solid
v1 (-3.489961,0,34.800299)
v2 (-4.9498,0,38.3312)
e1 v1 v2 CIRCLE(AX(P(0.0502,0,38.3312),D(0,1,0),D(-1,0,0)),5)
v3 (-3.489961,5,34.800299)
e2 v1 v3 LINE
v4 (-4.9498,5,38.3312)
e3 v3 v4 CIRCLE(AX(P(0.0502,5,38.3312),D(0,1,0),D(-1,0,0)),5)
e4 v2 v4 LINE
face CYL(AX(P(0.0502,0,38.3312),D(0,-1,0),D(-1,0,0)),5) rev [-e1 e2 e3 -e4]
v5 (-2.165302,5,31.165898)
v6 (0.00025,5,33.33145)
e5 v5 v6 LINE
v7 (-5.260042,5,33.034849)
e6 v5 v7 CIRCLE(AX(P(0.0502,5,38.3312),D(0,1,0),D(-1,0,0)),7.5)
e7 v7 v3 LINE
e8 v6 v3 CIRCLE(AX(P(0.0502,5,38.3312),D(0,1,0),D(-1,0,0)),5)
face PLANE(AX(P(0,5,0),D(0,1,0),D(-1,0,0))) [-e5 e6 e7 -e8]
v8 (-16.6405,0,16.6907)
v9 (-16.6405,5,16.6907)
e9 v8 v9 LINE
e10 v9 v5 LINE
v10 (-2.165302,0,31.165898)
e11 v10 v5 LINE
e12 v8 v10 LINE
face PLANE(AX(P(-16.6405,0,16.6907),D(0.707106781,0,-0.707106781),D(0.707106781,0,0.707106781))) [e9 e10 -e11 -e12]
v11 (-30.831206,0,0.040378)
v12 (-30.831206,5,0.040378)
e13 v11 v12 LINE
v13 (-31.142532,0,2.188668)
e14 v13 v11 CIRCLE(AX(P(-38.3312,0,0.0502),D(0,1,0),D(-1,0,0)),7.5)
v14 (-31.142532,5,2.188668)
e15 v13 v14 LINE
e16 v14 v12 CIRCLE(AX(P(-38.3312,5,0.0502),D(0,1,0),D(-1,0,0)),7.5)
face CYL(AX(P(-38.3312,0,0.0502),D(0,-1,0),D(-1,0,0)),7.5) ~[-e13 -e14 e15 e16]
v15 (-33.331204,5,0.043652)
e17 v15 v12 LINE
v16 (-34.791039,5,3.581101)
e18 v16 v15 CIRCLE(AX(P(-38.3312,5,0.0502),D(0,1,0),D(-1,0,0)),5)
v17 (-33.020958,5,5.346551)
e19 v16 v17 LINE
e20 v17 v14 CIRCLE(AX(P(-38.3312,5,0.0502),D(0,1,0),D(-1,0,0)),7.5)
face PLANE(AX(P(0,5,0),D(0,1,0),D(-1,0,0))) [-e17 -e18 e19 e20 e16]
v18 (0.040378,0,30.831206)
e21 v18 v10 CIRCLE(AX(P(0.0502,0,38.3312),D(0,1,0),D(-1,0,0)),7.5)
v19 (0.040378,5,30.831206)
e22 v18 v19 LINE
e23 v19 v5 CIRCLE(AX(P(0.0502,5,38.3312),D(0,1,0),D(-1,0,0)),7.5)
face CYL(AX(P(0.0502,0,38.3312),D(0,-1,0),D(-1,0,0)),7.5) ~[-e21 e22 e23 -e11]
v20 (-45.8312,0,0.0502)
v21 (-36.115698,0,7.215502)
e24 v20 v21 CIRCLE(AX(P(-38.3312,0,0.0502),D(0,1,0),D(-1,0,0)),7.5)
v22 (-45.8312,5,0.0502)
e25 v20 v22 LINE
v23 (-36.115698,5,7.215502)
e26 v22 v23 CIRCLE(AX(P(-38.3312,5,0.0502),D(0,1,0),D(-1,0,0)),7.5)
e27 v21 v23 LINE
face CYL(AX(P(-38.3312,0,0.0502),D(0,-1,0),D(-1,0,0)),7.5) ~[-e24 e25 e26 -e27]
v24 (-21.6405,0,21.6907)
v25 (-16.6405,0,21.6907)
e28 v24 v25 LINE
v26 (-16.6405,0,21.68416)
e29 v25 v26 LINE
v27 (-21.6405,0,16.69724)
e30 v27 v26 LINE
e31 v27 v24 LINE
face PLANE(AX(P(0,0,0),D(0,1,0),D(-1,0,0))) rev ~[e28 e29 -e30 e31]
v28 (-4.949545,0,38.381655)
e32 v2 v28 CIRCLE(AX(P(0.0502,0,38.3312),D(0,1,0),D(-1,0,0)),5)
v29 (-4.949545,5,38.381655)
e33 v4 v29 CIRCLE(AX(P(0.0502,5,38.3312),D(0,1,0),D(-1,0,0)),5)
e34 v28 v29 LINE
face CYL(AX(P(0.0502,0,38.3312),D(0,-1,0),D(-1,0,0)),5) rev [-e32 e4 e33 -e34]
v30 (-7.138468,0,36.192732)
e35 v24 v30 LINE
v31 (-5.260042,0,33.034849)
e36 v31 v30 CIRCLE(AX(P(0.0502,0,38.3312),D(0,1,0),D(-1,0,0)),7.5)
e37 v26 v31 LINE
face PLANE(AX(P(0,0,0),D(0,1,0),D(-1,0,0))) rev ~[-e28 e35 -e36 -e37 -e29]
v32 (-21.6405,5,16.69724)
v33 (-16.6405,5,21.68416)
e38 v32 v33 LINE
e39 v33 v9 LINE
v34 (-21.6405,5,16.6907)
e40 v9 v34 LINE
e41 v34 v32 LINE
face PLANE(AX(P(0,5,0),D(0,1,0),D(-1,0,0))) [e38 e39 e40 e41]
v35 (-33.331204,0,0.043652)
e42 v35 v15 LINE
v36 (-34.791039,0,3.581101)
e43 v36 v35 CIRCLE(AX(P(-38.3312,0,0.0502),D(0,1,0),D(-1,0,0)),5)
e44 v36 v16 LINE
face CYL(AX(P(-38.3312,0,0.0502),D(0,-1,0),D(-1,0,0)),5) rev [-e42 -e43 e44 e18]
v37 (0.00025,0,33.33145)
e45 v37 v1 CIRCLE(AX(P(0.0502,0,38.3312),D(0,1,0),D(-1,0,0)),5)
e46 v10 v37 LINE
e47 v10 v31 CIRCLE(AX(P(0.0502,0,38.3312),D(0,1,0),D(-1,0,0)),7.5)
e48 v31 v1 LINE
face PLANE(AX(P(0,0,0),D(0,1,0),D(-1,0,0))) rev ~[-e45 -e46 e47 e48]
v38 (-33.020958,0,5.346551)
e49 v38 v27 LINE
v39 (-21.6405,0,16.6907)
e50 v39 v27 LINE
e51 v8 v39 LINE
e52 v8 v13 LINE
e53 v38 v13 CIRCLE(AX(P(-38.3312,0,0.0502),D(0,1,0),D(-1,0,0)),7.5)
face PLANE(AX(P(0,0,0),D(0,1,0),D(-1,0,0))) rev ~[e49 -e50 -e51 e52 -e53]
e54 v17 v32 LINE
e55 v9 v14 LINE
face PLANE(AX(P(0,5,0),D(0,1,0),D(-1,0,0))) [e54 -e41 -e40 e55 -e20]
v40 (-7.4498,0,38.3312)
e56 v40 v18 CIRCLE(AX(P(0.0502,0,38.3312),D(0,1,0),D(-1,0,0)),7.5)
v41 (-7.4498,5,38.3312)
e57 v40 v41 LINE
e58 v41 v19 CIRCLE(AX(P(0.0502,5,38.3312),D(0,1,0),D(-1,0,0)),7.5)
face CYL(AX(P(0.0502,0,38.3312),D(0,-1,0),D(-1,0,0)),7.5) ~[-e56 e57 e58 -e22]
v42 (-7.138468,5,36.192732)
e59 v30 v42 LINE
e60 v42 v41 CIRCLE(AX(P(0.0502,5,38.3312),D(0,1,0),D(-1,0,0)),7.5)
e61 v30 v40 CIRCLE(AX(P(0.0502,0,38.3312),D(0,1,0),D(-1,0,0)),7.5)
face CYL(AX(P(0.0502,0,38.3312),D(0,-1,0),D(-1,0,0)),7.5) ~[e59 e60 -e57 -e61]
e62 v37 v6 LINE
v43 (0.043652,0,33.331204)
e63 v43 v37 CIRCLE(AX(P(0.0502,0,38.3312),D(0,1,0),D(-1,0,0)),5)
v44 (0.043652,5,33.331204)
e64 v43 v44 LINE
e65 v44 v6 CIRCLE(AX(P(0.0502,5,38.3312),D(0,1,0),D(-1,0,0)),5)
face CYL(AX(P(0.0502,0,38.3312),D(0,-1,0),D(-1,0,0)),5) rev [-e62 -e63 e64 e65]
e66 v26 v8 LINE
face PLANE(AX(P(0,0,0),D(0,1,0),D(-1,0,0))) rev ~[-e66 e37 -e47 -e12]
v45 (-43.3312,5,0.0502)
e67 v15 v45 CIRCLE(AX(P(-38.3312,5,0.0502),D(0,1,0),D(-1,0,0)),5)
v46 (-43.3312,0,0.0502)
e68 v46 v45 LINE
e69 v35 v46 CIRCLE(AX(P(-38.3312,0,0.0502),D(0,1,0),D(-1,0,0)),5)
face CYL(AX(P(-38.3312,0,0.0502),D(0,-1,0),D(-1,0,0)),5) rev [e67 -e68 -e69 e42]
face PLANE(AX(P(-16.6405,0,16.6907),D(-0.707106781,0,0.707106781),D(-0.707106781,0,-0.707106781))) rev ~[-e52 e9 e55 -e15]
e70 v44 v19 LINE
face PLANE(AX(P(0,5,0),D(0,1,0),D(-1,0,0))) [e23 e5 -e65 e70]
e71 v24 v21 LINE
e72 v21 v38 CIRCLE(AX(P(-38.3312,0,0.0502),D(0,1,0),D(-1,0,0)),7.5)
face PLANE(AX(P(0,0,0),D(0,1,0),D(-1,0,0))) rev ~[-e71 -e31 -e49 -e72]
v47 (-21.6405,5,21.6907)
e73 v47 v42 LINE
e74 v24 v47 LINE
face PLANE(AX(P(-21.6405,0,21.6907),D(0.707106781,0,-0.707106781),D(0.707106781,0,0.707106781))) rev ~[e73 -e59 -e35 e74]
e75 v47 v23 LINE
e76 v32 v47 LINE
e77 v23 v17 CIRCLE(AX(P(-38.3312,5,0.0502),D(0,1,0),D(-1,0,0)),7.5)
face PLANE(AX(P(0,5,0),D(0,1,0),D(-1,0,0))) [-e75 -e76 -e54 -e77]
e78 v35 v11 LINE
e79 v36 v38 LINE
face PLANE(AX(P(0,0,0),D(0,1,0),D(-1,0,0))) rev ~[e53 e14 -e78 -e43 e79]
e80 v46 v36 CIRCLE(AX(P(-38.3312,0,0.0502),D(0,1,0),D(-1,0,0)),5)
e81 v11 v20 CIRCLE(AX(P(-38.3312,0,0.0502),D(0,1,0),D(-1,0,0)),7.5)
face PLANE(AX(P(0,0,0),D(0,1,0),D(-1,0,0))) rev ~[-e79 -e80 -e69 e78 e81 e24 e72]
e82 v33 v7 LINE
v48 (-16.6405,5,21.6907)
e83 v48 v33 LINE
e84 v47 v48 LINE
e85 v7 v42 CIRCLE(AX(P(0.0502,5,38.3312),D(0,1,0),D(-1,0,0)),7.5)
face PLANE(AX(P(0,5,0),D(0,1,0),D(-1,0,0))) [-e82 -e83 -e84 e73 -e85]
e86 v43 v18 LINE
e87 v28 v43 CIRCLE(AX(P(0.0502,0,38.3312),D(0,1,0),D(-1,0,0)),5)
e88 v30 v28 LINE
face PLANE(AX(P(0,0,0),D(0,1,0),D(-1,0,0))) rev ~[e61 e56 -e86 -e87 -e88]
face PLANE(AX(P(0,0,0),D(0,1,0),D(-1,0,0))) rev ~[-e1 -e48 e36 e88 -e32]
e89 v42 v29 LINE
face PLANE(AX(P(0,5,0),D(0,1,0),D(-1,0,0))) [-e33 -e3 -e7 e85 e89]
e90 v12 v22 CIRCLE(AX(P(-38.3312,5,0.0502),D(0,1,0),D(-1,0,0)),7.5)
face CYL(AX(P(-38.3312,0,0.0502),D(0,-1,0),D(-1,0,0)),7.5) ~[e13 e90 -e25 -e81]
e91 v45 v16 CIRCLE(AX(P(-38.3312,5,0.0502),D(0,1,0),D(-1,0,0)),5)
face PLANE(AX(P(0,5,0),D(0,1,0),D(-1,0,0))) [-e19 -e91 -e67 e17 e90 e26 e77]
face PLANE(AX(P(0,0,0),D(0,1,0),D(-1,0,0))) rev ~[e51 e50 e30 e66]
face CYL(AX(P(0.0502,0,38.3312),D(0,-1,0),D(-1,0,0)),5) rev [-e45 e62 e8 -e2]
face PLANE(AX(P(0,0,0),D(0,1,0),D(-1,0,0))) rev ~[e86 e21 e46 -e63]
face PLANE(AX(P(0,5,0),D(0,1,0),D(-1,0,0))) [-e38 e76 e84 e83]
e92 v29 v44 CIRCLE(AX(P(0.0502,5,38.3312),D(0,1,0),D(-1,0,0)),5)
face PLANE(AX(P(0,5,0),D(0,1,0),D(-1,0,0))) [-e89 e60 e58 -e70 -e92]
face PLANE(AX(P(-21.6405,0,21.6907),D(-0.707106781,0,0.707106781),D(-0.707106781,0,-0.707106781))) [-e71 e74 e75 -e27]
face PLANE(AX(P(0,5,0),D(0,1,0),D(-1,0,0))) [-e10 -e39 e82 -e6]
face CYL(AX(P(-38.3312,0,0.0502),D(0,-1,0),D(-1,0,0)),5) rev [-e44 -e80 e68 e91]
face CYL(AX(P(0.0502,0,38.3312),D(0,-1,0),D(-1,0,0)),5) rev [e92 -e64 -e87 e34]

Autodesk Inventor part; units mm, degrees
ref_plane "YZ Plane" through (0, 0, 0) normal (1, 0, 0) x (0, 1, 0)
ref_plane "XZ Plane" through (0, 0, 0) normal (0, 1, 0) x (-1, 0, 0)
ref_plane "XY Plane" through (0, 0, 0) normal (0, 0, 1) x (1, 0, 0)
sketch "Sketch1" plane through (0, 0, 0) normal (0, 1, 0) x (-1, 0, 0)
  circle A0 centre (-0.0502, 38.3312) radius 4.925
  line L0 (-0.0502, 38.3312) -> (0, 0)
  circle A1 centre (38.3312, 0.0502) radius 4.925
  line L1 (38.3312, 0.0502) -> (0, 0)
  circle A2 centre (38.3312, 0.0502) radius 5
  circle A3 centre (-0.0502, 38.3312) radius 5
  circle A4 centre (-0.0502, 38.3312) radius 7.5
  circle A5 centre (38.3312, 0.0502) radius 7.5
  line L2 (38.3312, 0.0502) -> (-0.0502, 38.3312)
  line L3 (21.6405, 21.6907) -> (16.6405, 21.6907)
  line L4 (16.6405, 21.6907) -> (16.6405, 16.6907)
  line L5 (16.6405, 16.6907) -> (21.6405, 16.6907)
  line L6 (21.6405, 16.6907) -> (21.6405, 21.6907)
  line L7 (21.6405, 21.6907) -> (16.6405, 16.6907) construction
  line L8 (16.6405, 21.6907) -> (21.6405, 16.6907) construction
  line L9 (21.6405, 21.6907) -> (2.4716, 40.8596)
  line L10 (21.6405, 21.6907) -> (37.3312, 6)
  line L11 (16.6405, 16.6907) -> (-2.5284, 35.8596)
  line L12 (16.6405, 16.6907) -> (32.3312, 1)
  point P0 (0, 0)
  point P1 (0, 0)
  point P2 (19.1405, 19.1907)
  point P3 (36.1157, 7.2155)
  point P4 (7.1385, 36.1927)
  point P5 (2.1653, 31.1659)
  point P6 (31.1425, 2.1887)
  dimension "d0" = 10
  dimension "d1" = 10
  dimension "d2" = 15
  dimension "d3" = 15
  dimension "d4" = 5
  dimension "d5" = 5
extrude "Extrusion1" add sketch "Sketch1" along normal blind 5 contours L9 A4 L2 A3 | A3 L0 A4 L9 | L2 A4 L11 A3 | A3 L11 A4 L0 | L9 L3 L4 L2 A4 | L2 L4 L11 A4 | L6 L2 L4 L3 | L10 A5 L2 L6 | L2 L6 L5 L4 | L2 A5 L12 L5 L6 | A5 L1 A2 L2 | A5 L2 A2 L1
properties part number "Pillar_corner_v2"
